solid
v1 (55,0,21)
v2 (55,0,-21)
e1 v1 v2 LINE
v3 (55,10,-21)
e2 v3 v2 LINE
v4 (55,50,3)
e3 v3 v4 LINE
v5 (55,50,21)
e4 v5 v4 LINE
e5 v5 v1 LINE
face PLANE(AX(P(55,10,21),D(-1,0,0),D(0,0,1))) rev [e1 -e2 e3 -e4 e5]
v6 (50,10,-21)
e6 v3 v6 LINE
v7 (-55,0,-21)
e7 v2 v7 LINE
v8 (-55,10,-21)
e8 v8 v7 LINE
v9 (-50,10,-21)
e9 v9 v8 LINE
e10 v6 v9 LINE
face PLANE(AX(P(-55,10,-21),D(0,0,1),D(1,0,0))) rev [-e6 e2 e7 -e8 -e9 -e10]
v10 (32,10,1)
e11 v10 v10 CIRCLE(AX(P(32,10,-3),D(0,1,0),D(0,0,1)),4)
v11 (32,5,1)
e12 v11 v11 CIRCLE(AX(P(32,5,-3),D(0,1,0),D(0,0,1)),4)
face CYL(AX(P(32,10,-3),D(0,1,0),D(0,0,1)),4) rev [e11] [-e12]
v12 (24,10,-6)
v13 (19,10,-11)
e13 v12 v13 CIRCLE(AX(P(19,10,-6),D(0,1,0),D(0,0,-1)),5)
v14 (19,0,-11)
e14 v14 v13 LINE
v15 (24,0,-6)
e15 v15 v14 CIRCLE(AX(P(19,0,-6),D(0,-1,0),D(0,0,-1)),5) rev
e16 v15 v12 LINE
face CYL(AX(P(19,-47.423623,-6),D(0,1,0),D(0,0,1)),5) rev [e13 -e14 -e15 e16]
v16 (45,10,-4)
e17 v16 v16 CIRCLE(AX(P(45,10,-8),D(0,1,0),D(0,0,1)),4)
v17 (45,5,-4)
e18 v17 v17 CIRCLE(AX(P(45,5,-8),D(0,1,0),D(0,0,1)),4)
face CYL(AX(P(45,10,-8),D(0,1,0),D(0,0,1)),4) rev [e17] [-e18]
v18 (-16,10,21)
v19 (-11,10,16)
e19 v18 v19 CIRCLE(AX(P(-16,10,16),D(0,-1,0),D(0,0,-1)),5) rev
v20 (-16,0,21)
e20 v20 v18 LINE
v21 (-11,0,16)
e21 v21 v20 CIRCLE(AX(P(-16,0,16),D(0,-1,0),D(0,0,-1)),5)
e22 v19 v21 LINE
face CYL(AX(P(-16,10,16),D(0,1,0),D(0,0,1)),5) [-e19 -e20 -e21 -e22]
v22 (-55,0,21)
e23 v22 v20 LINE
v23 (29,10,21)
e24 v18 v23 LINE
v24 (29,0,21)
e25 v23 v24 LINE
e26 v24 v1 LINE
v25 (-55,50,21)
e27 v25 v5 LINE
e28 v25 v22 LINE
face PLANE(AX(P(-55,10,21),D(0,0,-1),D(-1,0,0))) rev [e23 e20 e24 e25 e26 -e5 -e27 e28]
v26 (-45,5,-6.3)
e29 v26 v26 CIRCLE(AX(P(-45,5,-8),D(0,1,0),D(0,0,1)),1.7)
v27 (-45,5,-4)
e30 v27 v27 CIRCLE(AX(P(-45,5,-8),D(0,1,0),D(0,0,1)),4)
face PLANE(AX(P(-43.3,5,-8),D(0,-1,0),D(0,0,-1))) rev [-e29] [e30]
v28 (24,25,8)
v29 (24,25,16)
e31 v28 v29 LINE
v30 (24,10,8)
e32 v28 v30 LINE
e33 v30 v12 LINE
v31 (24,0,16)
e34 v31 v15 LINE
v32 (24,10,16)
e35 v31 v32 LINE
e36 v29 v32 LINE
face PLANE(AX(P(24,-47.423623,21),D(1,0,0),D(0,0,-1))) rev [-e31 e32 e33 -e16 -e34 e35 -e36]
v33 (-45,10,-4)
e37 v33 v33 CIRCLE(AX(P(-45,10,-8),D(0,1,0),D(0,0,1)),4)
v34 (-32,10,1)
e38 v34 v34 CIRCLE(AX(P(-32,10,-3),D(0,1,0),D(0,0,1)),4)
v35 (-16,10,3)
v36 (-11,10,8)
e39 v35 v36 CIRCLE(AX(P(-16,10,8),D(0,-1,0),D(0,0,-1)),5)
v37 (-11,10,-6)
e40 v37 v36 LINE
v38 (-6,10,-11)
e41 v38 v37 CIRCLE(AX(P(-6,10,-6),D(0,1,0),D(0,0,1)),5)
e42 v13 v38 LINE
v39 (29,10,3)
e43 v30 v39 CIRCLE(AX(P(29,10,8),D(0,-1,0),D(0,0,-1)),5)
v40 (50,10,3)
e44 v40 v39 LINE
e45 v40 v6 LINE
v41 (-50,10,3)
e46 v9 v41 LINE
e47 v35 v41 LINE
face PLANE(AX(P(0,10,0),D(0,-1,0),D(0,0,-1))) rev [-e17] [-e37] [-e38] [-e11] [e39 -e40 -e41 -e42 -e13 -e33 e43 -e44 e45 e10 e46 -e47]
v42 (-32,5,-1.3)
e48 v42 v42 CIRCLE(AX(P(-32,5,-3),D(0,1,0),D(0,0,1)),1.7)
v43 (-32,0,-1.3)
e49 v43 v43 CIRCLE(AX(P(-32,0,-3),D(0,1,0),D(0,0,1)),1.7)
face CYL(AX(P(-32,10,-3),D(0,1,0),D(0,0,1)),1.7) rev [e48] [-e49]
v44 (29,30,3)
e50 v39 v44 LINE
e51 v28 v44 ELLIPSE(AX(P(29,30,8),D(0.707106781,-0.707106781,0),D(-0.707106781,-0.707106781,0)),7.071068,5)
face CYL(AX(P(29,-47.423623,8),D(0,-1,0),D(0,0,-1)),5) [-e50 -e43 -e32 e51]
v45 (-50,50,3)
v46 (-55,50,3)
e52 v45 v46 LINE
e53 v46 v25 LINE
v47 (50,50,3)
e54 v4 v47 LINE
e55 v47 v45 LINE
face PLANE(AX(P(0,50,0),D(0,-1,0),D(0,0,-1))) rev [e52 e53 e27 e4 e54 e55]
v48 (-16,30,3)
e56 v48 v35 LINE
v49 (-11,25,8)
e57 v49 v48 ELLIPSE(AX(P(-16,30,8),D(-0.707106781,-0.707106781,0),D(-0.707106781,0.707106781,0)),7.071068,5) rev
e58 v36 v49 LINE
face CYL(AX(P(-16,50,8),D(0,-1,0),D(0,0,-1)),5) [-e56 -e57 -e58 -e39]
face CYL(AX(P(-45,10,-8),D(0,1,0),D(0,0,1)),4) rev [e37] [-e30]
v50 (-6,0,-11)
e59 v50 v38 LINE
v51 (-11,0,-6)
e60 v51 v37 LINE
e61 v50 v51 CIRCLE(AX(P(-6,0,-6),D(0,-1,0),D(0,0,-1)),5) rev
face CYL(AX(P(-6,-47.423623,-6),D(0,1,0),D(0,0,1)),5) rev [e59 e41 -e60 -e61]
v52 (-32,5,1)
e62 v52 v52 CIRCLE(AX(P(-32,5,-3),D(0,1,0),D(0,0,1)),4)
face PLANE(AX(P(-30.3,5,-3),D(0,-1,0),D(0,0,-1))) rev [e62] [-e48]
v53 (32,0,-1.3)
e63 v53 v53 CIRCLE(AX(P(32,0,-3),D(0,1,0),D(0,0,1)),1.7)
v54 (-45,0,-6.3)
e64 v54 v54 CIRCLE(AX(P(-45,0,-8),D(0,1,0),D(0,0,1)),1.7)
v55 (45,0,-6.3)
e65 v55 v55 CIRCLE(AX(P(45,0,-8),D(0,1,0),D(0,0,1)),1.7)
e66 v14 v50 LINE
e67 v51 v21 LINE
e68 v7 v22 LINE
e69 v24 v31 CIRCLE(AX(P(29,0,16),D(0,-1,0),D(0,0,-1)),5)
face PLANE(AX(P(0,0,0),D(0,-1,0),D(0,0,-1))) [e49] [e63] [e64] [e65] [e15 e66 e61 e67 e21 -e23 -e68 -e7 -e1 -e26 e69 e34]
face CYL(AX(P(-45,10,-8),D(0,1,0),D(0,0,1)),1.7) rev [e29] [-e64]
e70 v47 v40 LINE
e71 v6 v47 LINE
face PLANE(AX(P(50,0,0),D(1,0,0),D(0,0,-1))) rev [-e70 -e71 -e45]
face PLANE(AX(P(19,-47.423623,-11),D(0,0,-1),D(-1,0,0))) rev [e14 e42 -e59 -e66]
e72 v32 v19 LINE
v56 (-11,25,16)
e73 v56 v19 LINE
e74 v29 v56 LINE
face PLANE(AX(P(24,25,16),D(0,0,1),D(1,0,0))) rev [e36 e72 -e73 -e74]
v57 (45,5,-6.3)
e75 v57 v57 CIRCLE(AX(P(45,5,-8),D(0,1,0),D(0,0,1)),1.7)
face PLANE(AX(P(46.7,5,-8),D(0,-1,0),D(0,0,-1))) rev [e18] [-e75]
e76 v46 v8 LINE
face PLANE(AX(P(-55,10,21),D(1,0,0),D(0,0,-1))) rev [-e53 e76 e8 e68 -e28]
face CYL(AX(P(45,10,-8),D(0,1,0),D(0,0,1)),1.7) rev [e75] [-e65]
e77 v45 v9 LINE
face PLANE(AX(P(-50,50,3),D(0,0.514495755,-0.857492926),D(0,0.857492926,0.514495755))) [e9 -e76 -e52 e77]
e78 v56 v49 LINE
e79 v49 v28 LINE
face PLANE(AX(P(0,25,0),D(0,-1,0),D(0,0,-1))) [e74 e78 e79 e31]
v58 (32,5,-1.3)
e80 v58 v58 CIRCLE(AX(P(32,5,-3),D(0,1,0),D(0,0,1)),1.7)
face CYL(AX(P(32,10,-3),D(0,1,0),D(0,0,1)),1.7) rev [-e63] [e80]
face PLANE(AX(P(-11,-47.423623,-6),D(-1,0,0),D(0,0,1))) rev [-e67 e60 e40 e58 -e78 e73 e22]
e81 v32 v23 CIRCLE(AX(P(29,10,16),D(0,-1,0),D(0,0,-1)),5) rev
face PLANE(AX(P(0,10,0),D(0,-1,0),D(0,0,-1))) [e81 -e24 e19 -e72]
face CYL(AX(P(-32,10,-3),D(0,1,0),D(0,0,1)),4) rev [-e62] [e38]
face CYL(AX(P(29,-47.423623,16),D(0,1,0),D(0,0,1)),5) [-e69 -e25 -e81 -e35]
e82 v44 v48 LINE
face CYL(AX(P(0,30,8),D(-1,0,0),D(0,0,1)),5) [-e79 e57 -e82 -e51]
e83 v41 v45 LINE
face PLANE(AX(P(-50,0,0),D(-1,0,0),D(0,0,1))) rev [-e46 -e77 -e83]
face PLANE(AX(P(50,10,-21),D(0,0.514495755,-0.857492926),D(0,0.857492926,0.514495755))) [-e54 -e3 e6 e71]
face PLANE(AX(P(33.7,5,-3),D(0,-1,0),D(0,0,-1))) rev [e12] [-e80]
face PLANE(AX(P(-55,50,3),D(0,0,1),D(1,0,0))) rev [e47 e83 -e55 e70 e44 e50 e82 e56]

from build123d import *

# Parameters (mm, degrees)
SKETCH1_W                       = 110
SKETCH1_H                       = 42
BOSS_EXTRUDE1_DEPTH             = 10
CBORE_FOR_M3_SBHCS1_D           = 3.4
CBORE_FOR_M3_SBHCS1_CBORE_D     = 8
CBORE_FOR_M3_SBHCS1_CBORE_DEPTH = 5
CUT_EXTRUDE1_DEPTH              = 10
FILLET2_R                       = 5
SKETCH6_W                       = 110
SKETCH6_H                       = 18
BOSS_EXTRUDE2_DEPTH             = 40
BOSS_EXTRUDE3_DEPTH             = 5
BOSS_EXTRUDE4_DEPTH             = 5
SKETCH10_W                      = 35
SKETCH10_H                      = 13
CUT_EXTRUDE2_DEPTH              = 15
FILLET3_R                       = 5


with BuildPart() as part:
    # Sketch1 → Boss-Extrude1 (new body)
    with BuildSketch(Plane(origin=(0, 0, 0), x_dir=(1, 0, 0), z_dir=(0, 1, 0))):
        Rectangle(SKETCH1_W, SKETCH1_H)
    extrude(amount=BOSS_EXTRUDE1_DEPTH)

    # CBORE for M3 SBHCS1 (through all)
    with Locations(Plane(origin=(0, 10, 0), x_dir=(1, 0, 0), z_dir=(0, 1, 0))):
        with Locations((-45, 8), (-32, 3), (32, 3), (45, 8)):
            CounterBoreHole(CBORE_FOR_M3_SBHCS1_D / 2, CBORE_FOR_M3_SBHCS1_CBORE_D / 2, CBORE_FOR_M3_SBHCS1_CBORE_DEPTH)

    # Sketch4 → Cut-Extrude1 (cut)
    with BuildSketch(Plane(origin=(0, 10, 0), x_dir=(1, 0, 0), z_dir=(0, 1, 0))):
        with BuildLine():
            Line((24, -21), (24, 6))
            ThreePointArc((24, 6), (22.535533906, 9.535533906), (19, 11))
            Line((19, 11), (-6, 11))
            ThreePointArc((-6, 11), (-9.535533906, 9.535533906), (-11, 6))
            Line((-11, 6), (-11, -21))
            Line((-11, -21), (24, -21))
        make_face()
    extrude(amount=-CUT_EXTRUDE1_DEPTH, mode=Mode.SUBTRACT)

    # Fillet2
    fillet2_edges = [part.edges().sort_by_distance(p)[0] for p in [
        (-11, 5, 21),
        (24, 5, 21),
    ]]
    fillet(fillet2_edges, radius=FILLET2_R)

    # Sketch6 → Boss-Extrude2 (add)
    with BuildSketch(Plane(origin=(0, 10, 0), x_dir=(1, 0, 0), z_dir=(0, 1, 0))):
        with Locations((0, -12)):
            Rectangle(SKETCH6_W, SKETCH6_H)
    extrude(amount=BOSS_EXTRUDE2_DEPTH)

    # Sketch8 → Boss-Extrude3 (add)
    with BuildSketch(Plane.ZY.offset(55)):
        Polygon((-21, 10), (3, 10), (3, 50), align=None)
    extrude(amount=-BOSS_EXTRUDE3_DEPTH)

    # Sketch9 → Boss-Extrude4 (add)
    with BuildSketch(Plane(origin=(55, 0, 0), x_dir=(0, 0, -1), z_dir=(1, 0, 0))):
        Polygon((-3, 10), (21, 10), (-3, 50), align=None)
    extrude(amount=-BOSS_EXTRUDE4_DEPTH)

    # Sketch10 → Cut-Extrude2 (cut)
    with BuildSketch(Plane.XZ.offset(-10)):
        with Locations((6.5, 9.5)):
            Rectangle(SKETCH10_W, SKETCH10_H)
    extrude(amount=-CUT_EXTRUDE2_DEPTH, mode=Mode.SUBTRACT)

    # Fillet3
    fillet3_edges = [part.edges().sort_by_distance(p)[0] for p in [
        (24, 17.5, 3),
        (6.5, 25, 3),
        (-11, 17.5, 3),
    ]]
    fillet(fillet3_edges, radius=FILLET3_R)


solid = part.part
